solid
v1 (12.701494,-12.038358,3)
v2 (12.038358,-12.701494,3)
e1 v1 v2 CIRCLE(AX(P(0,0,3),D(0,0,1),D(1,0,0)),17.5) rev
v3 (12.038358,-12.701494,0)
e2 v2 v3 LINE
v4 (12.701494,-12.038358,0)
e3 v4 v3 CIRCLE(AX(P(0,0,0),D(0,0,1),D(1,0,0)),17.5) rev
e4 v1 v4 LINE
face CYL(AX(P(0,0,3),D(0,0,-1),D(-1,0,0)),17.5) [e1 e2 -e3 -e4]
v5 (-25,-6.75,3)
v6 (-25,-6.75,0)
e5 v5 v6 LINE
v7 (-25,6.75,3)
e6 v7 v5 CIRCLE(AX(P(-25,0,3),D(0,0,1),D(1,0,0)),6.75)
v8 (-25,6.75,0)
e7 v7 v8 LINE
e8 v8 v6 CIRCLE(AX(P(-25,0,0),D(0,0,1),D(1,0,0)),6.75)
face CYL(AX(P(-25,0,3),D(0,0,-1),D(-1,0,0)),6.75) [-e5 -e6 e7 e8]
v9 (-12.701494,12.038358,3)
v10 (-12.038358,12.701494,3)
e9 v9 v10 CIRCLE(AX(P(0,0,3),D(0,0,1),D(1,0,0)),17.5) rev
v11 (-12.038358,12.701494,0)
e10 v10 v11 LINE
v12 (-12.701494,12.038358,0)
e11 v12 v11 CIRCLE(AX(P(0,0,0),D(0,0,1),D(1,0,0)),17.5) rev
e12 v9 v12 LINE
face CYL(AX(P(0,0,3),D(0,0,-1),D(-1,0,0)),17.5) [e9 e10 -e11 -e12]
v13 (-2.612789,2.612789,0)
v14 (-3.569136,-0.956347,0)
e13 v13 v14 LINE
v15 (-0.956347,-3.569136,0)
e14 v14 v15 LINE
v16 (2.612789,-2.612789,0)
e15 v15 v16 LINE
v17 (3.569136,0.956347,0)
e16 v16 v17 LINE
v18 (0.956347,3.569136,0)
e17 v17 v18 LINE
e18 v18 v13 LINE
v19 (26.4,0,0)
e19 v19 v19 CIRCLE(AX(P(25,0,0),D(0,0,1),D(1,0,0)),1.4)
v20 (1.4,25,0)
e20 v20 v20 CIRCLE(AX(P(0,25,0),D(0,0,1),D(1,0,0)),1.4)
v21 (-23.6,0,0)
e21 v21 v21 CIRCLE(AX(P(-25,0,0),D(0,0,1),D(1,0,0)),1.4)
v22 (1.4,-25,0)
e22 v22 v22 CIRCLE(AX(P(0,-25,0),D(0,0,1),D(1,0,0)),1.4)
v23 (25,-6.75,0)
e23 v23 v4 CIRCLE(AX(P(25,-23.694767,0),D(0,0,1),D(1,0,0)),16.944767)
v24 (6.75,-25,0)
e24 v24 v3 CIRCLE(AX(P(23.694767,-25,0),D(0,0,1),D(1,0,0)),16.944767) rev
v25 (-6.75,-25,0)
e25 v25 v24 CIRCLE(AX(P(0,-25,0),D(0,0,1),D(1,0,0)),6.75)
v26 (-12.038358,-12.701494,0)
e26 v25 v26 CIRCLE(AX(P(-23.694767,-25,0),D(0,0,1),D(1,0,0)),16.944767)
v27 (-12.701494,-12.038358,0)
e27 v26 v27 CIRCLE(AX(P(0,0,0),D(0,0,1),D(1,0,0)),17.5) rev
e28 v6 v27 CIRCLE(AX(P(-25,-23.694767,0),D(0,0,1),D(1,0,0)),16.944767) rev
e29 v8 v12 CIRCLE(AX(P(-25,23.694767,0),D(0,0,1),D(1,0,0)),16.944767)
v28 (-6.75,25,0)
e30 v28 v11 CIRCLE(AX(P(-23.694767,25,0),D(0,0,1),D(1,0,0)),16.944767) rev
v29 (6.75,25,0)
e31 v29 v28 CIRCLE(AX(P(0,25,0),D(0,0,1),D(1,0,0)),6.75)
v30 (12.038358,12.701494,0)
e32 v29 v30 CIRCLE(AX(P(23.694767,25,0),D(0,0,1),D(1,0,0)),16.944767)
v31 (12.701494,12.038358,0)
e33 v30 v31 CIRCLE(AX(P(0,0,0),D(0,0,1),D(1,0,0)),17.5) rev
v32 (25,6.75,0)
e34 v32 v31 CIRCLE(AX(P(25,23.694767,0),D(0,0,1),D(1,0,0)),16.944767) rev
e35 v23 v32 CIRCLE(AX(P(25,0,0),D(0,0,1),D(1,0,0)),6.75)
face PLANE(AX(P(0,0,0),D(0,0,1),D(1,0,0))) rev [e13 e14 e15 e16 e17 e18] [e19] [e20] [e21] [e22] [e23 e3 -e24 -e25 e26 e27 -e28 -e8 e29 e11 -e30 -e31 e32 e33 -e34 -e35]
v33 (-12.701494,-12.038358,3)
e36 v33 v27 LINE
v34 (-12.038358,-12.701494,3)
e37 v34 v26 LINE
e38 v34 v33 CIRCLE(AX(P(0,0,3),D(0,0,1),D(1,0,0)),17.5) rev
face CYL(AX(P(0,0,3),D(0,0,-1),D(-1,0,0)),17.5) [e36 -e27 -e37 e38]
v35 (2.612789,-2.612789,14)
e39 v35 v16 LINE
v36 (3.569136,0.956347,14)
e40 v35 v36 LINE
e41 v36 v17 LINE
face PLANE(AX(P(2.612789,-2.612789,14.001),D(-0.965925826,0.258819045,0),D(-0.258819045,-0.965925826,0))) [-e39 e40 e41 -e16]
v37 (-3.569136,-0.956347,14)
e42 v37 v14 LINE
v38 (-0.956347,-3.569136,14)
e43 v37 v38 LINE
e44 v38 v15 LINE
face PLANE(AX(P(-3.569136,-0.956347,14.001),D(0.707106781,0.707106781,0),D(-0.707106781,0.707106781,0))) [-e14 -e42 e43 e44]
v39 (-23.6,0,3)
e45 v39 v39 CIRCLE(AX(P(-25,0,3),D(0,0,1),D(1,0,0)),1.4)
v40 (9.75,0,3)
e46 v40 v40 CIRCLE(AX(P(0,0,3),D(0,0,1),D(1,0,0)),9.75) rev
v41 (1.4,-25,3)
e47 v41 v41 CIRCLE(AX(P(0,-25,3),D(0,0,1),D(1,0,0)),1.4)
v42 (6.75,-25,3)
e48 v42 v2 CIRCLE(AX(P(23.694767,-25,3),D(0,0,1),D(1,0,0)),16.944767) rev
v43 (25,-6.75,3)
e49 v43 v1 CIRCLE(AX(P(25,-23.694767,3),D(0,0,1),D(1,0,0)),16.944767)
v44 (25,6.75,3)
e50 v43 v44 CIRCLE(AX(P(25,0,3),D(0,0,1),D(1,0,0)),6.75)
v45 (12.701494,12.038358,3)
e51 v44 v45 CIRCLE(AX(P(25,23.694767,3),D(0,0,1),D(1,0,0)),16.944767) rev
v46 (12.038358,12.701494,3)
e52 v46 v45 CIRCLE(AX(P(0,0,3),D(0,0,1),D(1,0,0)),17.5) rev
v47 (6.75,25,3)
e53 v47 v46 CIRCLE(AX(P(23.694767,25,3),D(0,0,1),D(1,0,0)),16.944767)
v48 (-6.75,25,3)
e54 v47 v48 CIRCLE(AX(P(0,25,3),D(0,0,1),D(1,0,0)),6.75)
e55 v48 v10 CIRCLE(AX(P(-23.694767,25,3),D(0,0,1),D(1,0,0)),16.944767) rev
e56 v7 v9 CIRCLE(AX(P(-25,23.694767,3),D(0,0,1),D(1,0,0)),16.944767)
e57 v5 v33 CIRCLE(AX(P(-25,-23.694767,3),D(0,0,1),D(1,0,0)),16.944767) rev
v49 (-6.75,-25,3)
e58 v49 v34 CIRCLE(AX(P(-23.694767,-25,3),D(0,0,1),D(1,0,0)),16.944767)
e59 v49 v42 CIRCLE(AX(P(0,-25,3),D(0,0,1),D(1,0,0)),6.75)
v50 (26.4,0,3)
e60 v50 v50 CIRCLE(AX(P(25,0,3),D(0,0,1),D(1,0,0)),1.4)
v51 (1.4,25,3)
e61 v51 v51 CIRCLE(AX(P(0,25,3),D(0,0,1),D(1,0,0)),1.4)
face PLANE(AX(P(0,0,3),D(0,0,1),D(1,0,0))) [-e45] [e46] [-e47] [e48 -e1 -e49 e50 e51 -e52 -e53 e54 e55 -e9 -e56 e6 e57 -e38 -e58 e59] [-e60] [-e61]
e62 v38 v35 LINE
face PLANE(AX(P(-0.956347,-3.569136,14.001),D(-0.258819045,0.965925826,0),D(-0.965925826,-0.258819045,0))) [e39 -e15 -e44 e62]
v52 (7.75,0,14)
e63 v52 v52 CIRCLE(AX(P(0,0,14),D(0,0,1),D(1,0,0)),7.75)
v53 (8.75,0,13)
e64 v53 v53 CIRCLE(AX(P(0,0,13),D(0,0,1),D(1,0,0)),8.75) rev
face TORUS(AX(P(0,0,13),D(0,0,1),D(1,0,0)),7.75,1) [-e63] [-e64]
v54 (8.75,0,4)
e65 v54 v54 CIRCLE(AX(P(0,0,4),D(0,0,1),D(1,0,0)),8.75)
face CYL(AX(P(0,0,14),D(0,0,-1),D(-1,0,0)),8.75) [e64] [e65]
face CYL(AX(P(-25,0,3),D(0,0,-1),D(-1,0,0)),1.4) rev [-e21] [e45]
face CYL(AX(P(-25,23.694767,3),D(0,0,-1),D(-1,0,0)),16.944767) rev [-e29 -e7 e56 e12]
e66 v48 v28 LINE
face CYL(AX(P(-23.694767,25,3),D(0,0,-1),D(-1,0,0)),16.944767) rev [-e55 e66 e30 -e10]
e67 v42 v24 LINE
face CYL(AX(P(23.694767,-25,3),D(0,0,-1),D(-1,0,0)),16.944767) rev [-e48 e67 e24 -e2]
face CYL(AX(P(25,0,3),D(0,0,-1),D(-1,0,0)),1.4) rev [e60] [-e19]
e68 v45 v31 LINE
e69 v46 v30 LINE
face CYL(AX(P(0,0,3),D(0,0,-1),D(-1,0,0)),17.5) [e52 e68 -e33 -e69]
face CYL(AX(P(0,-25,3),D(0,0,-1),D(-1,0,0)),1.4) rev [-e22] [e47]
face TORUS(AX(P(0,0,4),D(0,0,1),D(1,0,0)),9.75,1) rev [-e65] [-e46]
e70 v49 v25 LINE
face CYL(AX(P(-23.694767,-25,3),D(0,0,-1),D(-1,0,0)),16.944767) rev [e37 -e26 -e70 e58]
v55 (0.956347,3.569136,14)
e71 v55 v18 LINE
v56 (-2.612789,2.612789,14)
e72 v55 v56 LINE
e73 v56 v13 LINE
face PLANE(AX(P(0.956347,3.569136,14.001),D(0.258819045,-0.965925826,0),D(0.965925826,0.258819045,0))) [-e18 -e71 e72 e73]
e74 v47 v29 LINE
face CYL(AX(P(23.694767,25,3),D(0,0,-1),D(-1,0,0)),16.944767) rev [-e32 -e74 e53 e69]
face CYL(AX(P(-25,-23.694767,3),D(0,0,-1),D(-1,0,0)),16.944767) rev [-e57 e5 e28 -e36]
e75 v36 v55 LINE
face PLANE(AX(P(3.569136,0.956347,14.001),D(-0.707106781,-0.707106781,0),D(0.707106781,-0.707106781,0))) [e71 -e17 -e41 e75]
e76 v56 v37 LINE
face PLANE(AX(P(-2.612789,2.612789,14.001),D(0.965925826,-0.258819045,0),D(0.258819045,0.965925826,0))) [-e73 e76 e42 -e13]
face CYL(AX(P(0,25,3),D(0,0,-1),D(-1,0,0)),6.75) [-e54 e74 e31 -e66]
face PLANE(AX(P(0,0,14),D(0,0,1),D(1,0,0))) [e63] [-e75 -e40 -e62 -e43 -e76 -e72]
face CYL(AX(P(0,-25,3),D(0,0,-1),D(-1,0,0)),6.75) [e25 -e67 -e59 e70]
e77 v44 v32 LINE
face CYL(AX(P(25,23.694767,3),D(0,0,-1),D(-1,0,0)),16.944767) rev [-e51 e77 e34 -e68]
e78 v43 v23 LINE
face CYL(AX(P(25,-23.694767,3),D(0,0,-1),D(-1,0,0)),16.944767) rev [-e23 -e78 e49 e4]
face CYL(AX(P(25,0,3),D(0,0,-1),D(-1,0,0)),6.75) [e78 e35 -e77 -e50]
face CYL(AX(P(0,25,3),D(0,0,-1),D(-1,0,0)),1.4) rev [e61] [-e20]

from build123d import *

# Parameters (mm, degrees)
SKETCH2_R           = 8.75
BOSS_EXTRUDE1_DEPTH = 14
SKETCH3_R           = 1.4
BOSS_EXTRUDE2_DEPTH = 3
FILLET1_R           = 1
CUT_EXTRUDE2_REACH  = 49.033


with BuildPart() as part:
    # Sketch2 → Boss-Extrude1 (new body)
    with BuildSketch(Plane.XY):
        Circle(SKETCH2_R)
    extrude(amount=BOSS_EXTRUDE1_DEPTH)

    # Sketch3 → Boss-Extrude2 (add)
    with BuildSketch(Plane.XY):
        with BuildLine():
            ThreePointArc((-12.038357667, -12.701493797), (-12.374368671, -12.374368671), (-12.701493797, -12.038357667))
            ThreePointArc((-12.701493797, -12.038357667), (-18.306346632, -8.128131702), (-25, -6.75))
            ThreePointArc((-25, -6.75), (-31.75, 0), (-25, 6.75))
            ThreePointArc((-25, 6.75), (-18.306346632, 8.128131702), (-12.701493797, 12.038357667))
            ThreePointArc((-12.701493797, 12.038357667), (-12.374368671, 12.374368671), (-12.038357667, 12.701493797))
            ThreePointArc((-12.038357667, 12.701493797), (-8.128131702, 18.306346632), (-6.75, 25))
            ThreePointArc((-6.75, 25), (0, 31.75), (6.75, 25))
            ThreePointArc((6.75, 25), (8.128131702, 18.306346632), (12.038357667, 12.701493797))
            ThreePointArc((12.038357667, 12.701493797), (12.374368671, 12.374368671), (12.701493797, 12.038357667))
            ThreePointArc((12.701493797, 12.038357667), (18.306346632, 8.128131702), (25, 6.75))
            ThreePointArc((25, 6.75), (31.75, 0), (25, -6.75))
            ThreePointArc((25, -6.75), (18.306346632, -8.128131702), (12.701493797, -12.038357667))
            ThreePointArc((12.701493797, -12.038357667), (12.374368671, -12.374368671), (12.038357667, -12.701493797))
            ThreePointArc((12.038357667, -12.701493797), (8.128131702, -18.306346632), (6.75, -25))
            ThreePointArc((6.75, -25), (0, -31.75), (-6.75, -25))
            ThreePointArc((-6.75, -25), (-8.128131702, -18.306346632), (-12.038357667, -12.701493797))
        make_face()
        with Locations((25, 0)):
            Circle(SKETCH3_R, mode=Mode.SUBTRACT)
        with Locations((0, -25)):
            Circle(SKETCH3_R, mode=Mode.SUBTRACT)
        with Locations((-25, 0)):
            Circle(SKETCH3_R, mode=Mode.SUBTRACT)
        with Locations((0, 25)):
            Circle(SKETCH3_R, mode=Mode.SUBTRACT)
    extrude(amount=BOSS_EXTRUDE2_DEPTH)

    # Fillet1
    fillet1_edges = [part.edges().sort_by_distance(p)[0] for p in [
        (-8.75, 0, 14),
        (-8.75, 0, 3),
    ]]
    fillet(fillet1_edges, radius=FILLET1_R)

    # Sketch1 → Cut-Extrude2 (cut, up to next)
    with BuildSketch(Plane.XY, mode=Mode.PRIVATE) as cut_extrude2_sk1:
        Polygon((2.612789059, -2.612789059), (3.569136229, 0.95634717), (0.95634717, 3.569136229), (-2.612789059, 2.612789059), (-3.569136229, -0.95634717), (-0.95634717, -3.569136229), align=None)
    cut_extrude2_tool1 = extrude(cut_extrude2_sk1.sketch, amount=CUT_EXTRUDE2_REACH, mode=Mode.PRIVATE) & part.part
    add(cut_extrude2_tool1.solids().sort_by_distance((0, 0, 0))[0], mode=Mode.SUBTRACT)


solid = part.part
